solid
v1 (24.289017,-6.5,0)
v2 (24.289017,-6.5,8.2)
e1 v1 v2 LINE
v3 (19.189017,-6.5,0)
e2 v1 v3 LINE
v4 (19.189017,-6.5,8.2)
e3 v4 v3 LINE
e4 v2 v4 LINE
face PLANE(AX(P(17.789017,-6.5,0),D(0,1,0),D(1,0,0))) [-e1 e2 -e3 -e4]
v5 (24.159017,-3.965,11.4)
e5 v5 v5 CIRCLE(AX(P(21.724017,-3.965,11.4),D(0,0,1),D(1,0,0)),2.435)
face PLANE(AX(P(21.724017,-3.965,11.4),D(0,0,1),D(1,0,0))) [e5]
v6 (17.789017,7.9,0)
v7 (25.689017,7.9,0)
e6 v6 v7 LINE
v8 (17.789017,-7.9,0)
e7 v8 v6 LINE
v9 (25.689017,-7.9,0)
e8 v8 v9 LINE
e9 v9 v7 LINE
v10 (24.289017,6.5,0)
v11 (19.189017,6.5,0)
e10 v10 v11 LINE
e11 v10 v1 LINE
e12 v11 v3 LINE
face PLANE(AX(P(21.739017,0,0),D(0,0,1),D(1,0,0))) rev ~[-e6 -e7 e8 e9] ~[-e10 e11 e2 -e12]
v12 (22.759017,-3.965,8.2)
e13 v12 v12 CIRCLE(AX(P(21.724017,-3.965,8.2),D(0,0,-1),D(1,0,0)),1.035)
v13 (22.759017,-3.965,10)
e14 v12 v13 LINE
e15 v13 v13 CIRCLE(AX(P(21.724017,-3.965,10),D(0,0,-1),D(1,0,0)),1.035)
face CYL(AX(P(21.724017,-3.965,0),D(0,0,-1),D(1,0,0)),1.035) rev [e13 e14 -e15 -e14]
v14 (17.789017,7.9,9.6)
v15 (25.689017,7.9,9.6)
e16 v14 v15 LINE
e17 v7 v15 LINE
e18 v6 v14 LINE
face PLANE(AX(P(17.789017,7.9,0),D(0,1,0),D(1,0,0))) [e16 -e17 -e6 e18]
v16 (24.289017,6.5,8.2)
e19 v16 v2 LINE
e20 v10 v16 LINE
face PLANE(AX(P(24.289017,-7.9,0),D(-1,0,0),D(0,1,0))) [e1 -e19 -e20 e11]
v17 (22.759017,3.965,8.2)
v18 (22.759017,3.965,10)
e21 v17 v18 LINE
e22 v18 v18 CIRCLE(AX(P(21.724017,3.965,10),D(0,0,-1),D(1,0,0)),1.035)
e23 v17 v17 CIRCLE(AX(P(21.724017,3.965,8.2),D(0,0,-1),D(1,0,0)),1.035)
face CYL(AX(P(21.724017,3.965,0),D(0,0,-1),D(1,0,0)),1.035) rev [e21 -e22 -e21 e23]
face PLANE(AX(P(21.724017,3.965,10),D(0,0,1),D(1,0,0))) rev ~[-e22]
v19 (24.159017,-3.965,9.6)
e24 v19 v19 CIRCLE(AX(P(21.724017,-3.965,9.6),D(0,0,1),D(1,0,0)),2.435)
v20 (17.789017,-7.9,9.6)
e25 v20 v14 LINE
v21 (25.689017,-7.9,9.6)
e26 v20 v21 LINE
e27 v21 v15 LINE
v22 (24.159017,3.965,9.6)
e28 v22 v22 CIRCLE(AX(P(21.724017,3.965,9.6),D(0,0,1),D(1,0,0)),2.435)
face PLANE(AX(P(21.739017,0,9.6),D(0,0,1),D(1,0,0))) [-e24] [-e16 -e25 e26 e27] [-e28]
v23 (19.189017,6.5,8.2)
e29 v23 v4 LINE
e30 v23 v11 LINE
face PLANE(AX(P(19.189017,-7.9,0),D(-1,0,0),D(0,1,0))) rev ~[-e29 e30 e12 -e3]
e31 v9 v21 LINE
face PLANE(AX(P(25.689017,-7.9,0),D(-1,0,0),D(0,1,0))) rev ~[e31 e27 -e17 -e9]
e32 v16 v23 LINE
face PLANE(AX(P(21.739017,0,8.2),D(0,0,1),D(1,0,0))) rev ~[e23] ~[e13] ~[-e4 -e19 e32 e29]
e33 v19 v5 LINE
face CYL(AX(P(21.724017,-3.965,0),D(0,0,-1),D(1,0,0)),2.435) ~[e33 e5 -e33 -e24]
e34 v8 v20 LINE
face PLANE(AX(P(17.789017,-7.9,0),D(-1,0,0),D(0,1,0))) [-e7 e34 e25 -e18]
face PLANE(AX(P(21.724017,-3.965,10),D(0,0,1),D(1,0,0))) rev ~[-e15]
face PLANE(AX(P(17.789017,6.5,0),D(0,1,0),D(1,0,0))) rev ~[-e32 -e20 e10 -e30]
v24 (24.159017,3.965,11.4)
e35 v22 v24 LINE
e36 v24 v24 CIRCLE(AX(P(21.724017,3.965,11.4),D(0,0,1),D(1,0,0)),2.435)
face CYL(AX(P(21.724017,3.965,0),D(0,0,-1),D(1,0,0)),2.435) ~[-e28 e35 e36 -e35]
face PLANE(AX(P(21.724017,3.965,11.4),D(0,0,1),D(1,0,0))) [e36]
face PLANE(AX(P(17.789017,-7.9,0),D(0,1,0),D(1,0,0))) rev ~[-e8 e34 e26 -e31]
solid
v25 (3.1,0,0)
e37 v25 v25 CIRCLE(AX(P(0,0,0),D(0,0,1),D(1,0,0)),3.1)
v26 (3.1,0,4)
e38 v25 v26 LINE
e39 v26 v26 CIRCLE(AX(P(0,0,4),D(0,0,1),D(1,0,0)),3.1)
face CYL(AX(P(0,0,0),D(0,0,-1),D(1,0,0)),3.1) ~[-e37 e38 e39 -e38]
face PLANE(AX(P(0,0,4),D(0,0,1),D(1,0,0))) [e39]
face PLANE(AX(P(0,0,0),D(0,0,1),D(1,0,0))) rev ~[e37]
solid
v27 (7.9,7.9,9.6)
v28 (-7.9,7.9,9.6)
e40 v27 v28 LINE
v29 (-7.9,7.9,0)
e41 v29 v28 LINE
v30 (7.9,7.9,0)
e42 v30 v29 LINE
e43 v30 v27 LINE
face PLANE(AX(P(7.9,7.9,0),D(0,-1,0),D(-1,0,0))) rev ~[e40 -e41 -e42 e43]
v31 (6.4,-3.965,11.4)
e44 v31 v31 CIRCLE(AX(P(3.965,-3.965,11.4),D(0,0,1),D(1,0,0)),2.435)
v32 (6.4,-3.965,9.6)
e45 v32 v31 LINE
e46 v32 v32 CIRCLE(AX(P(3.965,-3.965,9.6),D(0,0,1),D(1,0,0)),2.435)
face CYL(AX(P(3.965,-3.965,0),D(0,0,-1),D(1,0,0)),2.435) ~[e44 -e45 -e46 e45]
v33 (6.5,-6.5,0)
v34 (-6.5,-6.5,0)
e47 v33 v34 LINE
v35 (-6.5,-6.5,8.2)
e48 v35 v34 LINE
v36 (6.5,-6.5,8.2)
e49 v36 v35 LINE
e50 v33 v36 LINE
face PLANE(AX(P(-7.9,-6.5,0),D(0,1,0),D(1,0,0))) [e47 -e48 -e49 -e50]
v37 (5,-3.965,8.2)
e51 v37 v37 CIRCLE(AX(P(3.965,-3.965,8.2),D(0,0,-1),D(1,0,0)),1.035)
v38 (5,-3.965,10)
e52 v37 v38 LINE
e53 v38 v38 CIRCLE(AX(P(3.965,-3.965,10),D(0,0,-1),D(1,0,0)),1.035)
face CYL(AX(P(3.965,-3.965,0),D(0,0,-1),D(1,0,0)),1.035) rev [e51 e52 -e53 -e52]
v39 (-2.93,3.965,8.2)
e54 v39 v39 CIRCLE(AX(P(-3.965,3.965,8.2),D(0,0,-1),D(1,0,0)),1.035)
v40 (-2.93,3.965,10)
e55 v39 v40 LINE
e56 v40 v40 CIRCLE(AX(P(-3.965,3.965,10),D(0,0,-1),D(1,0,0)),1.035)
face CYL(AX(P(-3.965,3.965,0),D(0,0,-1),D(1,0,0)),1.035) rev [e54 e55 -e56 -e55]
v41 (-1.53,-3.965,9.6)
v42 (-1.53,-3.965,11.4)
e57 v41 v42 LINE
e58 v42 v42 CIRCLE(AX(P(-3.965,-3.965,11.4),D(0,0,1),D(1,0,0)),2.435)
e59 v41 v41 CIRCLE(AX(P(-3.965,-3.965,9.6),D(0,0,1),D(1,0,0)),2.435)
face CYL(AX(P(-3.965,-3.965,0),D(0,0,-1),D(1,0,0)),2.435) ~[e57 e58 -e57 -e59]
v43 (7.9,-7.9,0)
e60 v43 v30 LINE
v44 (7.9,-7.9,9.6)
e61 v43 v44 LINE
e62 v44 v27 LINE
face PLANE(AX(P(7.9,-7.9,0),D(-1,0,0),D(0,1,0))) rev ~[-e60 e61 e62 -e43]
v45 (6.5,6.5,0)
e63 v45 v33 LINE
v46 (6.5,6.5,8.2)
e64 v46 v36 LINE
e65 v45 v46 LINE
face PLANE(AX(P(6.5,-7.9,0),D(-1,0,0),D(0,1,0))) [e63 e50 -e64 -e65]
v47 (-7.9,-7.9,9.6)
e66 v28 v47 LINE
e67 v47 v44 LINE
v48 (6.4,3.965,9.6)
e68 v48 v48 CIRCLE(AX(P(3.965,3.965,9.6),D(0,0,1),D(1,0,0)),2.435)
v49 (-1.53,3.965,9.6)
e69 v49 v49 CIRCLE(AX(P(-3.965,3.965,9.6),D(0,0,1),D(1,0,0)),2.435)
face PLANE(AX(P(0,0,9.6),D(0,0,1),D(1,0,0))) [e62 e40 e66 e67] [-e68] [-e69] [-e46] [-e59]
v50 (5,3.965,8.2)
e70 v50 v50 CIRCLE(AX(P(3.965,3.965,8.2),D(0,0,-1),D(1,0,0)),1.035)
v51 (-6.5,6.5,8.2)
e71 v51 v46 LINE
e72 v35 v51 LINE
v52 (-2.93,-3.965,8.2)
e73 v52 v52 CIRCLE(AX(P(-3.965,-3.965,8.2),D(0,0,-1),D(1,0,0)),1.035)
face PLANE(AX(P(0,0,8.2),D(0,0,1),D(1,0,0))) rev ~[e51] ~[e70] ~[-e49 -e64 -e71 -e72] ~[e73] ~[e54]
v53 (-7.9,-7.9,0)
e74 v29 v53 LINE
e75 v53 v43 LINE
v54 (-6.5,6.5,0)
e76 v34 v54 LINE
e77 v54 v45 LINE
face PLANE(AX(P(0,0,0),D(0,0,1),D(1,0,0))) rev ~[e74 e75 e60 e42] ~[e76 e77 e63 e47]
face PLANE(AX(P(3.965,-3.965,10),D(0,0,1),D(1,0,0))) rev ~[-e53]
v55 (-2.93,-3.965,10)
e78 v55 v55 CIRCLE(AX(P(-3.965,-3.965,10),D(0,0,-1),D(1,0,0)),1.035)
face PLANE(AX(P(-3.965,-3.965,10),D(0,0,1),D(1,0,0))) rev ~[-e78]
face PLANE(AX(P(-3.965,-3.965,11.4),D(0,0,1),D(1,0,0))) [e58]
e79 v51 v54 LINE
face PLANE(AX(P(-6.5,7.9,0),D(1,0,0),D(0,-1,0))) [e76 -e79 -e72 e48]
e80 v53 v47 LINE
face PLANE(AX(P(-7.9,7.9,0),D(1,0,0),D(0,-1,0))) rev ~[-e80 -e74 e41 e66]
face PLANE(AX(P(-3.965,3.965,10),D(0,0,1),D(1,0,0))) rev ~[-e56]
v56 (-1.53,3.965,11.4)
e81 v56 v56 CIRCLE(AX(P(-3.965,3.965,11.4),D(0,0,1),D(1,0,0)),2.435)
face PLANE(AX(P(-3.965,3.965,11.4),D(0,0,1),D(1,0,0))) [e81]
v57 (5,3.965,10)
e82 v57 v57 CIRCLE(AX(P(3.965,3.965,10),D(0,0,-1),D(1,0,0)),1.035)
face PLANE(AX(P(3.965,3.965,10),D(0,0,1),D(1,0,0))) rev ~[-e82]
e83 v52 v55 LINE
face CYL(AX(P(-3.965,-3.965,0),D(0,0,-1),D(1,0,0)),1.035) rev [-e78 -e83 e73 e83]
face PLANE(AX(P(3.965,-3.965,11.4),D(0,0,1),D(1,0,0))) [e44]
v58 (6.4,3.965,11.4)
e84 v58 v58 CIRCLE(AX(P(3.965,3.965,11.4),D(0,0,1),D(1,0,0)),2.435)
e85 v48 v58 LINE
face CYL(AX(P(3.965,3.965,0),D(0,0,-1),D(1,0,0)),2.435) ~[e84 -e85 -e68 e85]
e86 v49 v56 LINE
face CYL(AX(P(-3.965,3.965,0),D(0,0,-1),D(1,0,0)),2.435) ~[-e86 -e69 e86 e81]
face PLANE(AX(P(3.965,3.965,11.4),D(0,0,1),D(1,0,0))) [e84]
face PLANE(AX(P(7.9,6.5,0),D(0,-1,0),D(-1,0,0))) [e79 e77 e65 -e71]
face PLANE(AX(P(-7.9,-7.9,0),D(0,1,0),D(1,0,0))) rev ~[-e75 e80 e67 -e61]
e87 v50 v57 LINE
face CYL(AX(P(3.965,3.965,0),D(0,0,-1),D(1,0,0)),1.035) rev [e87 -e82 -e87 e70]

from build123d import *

# Parameters (mm, degrees)
F0_R     = 2.435
F1_DEPTH = 9.6
F2_DEPTH = 11.4
F3_W     = 7.9
F3_H     = 15.8
F3_R     = 2.435
F4_DEPTH = 9.6
F5_DEPTH = 11.4
F6_T     = -1.4
F7_T     = -1.4
F8_R     = 3.1
F9_DEPTH = 4


with BuildPart() as f1:
    # F0 (on Top) → F1 (new body)
    with BuildSketch(Plane.XY):
        Polygon((-7.9, -7.9), (7.9, -7.9), (7.9, 7.9), (-7.9, 7.9), (-7.9, 0), align=None)
        with Locations((-3.965, -3.965)):
            Circle(F0_R, mode=Mode.SUBTRACT)
        with Locations((3.965, -3.965)):
            Circle(F0_R, mode=Mode.SUBTRACT)
        with Locations((-3.965, 3.965)):
            Circle(F0_R, mode=Mode.SUBTRACT)
        with Locations((3.965, 3.965)):
            Circle(F0_R, mode=Mode.SUBTRACT)
    extrude(amount=F1_DEPTH)

    # F0 (on Top) → F2 (join)
    with BuildSketch(Plane.XY):
        with Locations((-3.965, 3.965)):
            Circle(F0_R)
        with Locations((3.965, 3.965)):
            Circle(F0_R)
        with Locations((3.965, -3.965)):
            Circle(F0_R)
        with Locations((-3.965, -3.965)):
            Circle(F0_R)
    extrude(amount=F2_DEPTH)

    # F6
    f6_openings = [f1.faces().sort_by_distance(p)[0] for p in [
        (0, 0, 0),
    ]]
    offset(amount=F6_T, openings=f6_openings, kind=Kind.INTERSECTION)


with BuildPart() as f4:
    # F3 (on Top) → F4 (new body)
    with BuildSketch(Plane.XY):
        with Locations((21.7390172184, 0)):
            Rectangle(F3_W, F3_H)
        with Locations((21.7240172184, -3.965)):
            Circle(F3_R, mode=Mode.SUBTRACT)
        with Locations((21.7240172184, 3.965)):
            Circle(F3_R, mode=Mode.SUBTRACT)
    extrude(amount=F4_DEPTH)

    # F3 (on Top) → F5 (join)
    with BuildSketch(Plane.XY):
        with Locations((21.7240172184, 3.965)):
            Circle(F3_R)
        with Locations((21.7240172184, -3.965)):
            Circle(F3_R)
    extrude(amount=F5_DEPTH)

    # F7
    f7_openings = [f4.faces().sort_by_distance(p)[0] for p in [
        (21.739017, 0, 0),
    ]]
    offset(amount=F7_T, openings=f7_openings, kind=Kind.INTERSECTION)


with BuildPart() as f9:
    # F8 (on Top) → F9 (new body)
    with BuildSketch(Plane.XY):
        Circle(F8_R)
    extrude(amount=F9_DEPTH)


solid = Compound([f1.part, f4.part, f9.part])
